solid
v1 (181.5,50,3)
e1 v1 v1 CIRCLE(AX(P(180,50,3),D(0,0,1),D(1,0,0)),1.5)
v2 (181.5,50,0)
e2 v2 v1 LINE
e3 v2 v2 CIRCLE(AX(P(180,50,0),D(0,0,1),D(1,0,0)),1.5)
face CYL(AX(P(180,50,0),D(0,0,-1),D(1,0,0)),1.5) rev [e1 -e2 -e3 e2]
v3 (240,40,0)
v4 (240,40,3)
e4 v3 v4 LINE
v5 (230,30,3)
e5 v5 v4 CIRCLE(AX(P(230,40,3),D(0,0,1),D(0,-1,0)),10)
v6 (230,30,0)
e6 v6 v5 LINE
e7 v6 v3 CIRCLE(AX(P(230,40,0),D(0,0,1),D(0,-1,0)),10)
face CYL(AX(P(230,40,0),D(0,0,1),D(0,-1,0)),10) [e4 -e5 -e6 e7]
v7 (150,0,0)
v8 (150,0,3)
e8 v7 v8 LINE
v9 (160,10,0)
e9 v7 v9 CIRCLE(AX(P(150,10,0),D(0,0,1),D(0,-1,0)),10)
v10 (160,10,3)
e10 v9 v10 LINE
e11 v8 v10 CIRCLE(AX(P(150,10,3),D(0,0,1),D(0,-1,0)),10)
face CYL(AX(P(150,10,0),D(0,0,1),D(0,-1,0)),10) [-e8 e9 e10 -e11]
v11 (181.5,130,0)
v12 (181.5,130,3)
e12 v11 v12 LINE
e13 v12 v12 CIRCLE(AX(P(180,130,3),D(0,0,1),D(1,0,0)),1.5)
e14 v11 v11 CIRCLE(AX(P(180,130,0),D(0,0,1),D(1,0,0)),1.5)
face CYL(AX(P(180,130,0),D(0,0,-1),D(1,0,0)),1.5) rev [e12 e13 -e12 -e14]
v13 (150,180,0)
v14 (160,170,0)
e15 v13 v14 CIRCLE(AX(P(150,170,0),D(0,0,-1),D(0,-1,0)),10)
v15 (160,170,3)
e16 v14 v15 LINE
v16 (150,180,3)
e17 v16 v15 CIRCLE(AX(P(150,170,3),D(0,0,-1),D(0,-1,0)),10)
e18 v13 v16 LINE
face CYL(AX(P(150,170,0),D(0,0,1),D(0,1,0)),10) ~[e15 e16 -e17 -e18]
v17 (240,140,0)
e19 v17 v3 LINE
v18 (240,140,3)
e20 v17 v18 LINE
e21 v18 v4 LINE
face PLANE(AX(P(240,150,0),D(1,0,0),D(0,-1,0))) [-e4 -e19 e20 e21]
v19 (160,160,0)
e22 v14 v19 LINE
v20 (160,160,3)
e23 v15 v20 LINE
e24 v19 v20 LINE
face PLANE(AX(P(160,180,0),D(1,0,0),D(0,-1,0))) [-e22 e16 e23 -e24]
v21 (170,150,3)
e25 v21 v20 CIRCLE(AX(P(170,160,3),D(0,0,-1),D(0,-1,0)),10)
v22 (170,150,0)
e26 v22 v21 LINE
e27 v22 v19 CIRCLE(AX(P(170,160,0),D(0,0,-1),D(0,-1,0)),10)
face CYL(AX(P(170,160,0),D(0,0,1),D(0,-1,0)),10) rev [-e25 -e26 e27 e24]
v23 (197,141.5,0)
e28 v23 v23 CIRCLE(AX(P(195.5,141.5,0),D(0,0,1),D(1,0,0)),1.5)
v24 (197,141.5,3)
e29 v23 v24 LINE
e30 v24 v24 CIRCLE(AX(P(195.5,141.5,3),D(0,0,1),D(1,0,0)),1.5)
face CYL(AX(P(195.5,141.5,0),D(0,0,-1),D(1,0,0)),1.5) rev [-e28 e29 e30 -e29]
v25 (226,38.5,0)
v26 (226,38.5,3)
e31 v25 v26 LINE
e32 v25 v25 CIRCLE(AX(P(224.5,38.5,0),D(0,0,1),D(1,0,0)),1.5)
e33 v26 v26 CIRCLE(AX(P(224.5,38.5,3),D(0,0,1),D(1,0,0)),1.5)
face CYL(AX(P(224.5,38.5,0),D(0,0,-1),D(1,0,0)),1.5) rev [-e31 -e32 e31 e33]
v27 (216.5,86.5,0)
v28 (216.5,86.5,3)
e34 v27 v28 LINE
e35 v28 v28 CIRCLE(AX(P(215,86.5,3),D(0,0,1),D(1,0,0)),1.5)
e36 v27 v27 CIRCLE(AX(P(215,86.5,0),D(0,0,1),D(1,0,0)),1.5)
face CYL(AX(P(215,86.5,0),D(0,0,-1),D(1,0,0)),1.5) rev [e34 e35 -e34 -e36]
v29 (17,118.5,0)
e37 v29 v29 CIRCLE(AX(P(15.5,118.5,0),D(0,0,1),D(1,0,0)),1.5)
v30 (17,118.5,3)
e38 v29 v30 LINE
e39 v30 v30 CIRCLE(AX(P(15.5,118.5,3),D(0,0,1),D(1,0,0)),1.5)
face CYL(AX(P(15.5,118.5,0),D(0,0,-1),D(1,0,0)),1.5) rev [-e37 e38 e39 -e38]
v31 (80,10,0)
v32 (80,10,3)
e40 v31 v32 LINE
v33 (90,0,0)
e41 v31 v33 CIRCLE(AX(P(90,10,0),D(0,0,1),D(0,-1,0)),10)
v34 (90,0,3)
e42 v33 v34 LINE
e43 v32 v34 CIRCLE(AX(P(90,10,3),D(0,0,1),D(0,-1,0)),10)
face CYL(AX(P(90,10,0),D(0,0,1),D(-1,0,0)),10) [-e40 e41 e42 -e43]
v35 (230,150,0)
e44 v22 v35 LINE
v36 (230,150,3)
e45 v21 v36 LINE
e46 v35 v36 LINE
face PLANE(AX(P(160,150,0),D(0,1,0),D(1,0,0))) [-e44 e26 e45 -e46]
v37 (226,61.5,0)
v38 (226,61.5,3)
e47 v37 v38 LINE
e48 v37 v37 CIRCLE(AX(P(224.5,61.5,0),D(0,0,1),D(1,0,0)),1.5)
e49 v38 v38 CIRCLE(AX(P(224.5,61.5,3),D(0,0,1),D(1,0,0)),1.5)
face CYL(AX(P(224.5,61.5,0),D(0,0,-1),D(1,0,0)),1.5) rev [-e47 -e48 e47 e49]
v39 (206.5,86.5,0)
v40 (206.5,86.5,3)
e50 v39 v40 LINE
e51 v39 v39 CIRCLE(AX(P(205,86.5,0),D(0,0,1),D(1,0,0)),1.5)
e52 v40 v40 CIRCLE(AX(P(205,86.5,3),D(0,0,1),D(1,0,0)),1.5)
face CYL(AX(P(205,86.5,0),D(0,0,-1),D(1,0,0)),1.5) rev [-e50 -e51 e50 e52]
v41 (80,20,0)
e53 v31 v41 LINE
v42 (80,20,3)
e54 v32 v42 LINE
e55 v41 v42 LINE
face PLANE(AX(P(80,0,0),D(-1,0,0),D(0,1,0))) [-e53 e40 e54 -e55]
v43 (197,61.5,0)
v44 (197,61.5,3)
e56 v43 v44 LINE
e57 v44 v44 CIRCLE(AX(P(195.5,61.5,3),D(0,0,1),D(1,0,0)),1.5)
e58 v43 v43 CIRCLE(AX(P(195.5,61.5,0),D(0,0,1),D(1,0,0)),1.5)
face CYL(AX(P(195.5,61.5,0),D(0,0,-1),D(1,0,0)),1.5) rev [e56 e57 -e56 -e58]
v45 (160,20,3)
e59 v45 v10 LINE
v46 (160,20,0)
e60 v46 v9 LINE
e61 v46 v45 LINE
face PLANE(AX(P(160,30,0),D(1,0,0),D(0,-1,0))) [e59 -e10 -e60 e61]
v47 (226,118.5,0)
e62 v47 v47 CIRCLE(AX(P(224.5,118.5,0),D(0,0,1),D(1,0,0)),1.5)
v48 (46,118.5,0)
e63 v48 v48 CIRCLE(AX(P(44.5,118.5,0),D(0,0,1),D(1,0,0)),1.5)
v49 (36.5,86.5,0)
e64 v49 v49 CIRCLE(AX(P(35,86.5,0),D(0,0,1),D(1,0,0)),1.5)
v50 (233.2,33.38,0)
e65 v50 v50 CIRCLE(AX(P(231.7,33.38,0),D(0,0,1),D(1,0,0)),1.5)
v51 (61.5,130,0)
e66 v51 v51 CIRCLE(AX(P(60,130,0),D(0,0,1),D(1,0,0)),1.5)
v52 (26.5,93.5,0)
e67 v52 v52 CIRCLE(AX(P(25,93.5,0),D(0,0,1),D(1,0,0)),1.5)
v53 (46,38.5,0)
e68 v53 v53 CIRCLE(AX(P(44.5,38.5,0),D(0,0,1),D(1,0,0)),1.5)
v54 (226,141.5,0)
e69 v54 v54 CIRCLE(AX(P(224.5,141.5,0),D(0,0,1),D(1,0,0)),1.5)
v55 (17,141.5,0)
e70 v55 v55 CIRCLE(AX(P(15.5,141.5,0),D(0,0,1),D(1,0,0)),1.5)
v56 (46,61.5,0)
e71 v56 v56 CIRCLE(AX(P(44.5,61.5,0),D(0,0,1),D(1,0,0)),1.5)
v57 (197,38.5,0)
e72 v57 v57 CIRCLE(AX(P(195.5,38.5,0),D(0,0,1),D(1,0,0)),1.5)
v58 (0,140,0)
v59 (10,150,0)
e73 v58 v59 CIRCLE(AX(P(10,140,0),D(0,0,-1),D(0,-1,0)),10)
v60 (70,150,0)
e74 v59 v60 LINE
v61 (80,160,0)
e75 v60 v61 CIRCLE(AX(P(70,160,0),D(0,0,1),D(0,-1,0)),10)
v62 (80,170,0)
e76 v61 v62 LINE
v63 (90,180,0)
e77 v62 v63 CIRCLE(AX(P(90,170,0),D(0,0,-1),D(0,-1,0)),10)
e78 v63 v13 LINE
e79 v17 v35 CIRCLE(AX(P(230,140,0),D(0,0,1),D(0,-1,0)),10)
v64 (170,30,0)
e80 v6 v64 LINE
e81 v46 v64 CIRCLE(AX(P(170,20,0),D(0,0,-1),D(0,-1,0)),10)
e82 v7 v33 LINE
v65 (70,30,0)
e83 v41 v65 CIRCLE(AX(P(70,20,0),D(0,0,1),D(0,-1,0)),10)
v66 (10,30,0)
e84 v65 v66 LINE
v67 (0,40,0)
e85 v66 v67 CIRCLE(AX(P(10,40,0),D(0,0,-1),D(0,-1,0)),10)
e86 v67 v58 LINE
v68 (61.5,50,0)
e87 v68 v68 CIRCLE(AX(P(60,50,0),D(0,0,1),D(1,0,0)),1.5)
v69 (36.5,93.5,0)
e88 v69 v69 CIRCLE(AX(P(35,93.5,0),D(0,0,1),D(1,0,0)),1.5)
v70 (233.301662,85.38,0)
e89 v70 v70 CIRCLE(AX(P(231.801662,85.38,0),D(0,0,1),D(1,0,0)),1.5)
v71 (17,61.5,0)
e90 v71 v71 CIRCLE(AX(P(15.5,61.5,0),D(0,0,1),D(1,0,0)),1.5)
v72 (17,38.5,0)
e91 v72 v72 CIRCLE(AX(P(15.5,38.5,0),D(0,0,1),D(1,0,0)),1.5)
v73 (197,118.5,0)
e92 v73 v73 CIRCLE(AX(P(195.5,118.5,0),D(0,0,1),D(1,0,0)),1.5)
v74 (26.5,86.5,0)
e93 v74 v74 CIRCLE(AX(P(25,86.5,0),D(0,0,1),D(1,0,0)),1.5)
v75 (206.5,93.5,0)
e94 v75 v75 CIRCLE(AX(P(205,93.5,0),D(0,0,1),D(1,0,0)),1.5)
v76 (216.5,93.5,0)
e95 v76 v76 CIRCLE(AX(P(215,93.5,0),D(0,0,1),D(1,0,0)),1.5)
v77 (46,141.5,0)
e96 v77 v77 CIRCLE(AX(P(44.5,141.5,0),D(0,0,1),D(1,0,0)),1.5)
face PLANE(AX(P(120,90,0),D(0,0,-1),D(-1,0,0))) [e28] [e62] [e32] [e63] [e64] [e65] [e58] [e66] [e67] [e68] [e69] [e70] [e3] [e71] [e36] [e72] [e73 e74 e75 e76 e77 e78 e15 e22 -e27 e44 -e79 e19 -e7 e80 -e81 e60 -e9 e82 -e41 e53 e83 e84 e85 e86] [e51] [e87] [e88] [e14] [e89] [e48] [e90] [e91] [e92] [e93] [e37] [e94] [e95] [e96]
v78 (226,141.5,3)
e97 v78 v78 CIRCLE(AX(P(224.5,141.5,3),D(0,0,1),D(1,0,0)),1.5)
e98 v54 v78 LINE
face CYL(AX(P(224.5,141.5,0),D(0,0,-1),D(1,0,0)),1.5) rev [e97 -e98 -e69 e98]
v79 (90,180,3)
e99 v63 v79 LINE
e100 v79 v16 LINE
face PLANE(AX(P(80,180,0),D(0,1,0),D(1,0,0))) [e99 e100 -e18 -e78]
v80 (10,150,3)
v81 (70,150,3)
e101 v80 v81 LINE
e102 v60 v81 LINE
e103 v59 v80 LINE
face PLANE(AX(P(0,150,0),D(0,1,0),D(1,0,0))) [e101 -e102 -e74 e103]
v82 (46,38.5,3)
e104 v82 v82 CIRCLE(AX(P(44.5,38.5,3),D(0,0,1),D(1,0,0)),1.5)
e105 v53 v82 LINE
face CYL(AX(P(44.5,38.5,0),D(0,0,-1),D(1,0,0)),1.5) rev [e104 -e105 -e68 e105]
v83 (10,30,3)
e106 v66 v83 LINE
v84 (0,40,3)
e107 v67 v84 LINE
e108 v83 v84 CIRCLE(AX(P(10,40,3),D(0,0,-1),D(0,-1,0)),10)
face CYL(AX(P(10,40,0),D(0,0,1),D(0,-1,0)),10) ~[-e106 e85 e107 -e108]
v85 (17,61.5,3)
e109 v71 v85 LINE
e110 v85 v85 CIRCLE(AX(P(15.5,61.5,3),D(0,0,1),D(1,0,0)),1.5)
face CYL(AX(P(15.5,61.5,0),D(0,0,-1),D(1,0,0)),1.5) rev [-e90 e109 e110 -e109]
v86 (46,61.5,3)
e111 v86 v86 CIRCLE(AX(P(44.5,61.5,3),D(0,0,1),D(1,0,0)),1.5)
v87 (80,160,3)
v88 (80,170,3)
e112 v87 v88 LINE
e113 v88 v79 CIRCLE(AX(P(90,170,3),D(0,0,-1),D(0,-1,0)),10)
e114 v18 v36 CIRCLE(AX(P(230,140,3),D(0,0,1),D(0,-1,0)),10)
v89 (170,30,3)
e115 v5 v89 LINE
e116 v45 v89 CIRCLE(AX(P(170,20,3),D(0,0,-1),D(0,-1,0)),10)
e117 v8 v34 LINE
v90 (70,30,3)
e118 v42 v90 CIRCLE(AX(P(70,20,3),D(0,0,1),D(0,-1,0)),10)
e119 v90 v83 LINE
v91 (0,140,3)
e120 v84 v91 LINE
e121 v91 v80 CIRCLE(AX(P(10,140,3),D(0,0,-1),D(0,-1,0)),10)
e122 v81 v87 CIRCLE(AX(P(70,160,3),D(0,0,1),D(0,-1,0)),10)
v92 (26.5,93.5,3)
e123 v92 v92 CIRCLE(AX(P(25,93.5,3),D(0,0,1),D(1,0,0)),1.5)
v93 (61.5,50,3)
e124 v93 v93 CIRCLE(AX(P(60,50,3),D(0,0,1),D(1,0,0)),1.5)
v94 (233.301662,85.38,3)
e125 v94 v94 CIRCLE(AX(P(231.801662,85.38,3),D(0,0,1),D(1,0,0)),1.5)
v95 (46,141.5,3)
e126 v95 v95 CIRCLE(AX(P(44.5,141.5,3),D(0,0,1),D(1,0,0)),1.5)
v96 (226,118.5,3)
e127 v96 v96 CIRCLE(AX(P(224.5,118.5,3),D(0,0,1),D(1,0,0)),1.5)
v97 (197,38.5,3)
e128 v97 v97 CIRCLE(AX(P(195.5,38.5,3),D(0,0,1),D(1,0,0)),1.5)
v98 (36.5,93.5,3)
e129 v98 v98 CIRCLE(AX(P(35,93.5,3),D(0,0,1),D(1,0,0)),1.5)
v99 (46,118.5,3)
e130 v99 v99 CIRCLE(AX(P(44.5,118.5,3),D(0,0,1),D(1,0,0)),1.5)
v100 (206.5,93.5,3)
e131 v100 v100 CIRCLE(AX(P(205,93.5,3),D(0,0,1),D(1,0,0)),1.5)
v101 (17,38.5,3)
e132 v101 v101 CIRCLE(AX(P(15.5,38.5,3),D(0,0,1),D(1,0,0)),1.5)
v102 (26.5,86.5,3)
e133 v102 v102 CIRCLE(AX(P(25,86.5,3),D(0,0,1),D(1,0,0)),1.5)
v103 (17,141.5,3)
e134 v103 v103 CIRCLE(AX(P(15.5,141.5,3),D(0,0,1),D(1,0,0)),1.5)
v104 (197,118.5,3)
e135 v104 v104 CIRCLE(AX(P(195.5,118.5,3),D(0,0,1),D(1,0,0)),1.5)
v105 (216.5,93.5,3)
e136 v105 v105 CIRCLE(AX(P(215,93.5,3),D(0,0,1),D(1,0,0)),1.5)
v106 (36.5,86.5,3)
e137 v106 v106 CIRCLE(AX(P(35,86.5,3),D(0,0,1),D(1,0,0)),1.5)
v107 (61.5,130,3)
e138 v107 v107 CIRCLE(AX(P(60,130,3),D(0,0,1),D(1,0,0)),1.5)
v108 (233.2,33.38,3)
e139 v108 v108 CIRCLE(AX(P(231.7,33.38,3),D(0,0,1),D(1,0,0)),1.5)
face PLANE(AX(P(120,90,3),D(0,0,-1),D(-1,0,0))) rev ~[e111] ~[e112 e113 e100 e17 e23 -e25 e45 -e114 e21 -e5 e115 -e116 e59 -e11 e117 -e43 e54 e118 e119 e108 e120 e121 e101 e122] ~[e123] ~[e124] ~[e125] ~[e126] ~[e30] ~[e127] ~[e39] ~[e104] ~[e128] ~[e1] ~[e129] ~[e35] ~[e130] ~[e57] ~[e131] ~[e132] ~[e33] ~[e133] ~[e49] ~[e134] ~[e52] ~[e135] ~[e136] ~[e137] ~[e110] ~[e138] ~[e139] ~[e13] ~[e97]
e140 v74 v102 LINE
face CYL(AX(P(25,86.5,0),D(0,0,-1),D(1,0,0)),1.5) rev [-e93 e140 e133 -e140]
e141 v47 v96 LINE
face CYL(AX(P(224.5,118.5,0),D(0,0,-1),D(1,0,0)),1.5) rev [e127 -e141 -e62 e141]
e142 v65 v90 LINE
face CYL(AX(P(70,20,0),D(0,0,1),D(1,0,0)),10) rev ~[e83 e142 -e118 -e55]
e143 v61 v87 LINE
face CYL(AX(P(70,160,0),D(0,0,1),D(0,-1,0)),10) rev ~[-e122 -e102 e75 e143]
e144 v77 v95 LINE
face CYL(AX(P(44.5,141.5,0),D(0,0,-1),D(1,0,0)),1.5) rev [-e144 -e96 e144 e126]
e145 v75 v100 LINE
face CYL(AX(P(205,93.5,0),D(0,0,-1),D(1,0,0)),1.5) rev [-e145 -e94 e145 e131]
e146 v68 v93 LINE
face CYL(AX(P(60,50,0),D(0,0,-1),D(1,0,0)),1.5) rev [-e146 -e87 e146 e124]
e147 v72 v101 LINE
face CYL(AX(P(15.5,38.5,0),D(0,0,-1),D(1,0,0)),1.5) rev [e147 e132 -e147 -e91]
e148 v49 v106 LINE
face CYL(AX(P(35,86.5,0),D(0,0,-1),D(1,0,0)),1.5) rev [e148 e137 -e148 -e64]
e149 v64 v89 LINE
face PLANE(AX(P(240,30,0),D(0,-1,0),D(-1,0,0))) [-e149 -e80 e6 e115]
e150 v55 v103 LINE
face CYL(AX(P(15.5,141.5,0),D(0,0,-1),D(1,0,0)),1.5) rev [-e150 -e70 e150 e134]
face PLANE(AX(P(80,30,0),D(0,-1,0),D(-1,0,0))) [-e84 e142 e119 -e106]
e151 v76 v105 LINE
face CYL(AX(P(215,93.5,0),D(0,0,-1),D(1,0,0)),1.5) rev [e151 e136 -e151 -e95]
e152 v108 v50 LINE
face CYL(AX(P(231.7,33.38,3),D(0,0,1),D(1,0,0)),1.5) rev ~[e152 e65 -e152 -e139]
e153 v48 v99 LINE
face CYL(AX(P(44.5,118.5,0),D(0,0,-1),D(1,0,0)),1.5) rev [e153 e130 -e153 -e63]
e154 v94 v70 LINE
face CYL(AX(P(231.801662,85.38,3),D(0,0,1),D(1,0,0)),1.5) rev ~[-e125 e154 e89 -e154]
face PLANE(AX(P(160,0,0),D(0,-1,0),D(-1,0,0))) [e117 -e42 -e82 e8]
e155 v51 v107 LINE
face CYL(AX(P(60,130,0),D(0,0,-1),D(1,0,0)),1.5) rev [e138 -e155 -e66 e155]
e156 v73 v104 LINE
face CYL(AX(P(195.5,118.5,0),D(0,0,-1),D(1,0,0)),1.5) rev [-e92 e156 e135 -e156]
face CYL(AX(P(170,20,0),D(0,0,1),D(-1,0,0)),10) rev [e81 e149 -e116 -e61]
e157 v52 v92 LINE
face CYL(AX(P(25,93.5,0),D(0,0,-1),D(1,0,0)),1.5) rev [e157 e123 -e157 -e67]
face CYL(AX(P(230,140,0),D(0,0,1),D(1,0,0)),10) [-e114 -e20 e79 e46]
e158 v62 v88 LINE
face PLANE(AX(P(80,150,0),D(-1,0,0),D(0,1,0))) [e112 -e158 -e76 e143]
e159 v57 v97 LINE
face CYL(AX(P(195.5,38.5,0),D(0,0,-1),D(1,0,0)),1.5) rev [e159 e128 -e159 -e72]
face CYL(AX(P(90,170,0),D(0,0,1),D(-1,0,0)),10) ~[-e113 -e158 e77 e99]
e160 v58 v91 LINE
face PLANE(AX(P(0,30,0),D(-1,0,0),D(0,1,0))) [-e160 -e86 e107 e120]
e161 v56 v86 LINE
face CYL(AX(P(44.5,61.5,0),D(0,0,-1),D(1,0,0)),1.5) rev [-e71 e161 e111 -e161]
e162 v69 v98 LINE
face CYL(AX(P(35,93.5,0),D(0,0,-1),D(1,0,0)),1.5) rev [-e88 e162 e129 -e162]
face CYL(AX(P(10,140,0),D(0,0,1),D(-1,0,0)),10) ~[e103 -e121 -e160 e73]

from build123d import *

# Parameters (mm, degrees)
SKETCH_1_R          = 1.5
EXTRUDE_1_DEPTH     = 3
FILLET_1_R          = 10
SKETCH_2_R          = 1.5
CUT_EXTRUDE_1_DEPTH = 10


with BuildPart() as part:
    # 草圖1 → 填料-伸長1 (new body)
    with BuildSketch(Plane.XY):
        Polygon((80, 0), (80, 30), (0, 30), (0, 150), (80, 150), (80, 180), (160, 180), (160, 150), (240, 150), (240, 30), (160, 30), (160, 0), align=None)
        with Locations((15.5, 61.5)):
            Circle(SKETCH_1_R, mode=Mode.SUBTRACT)
        with Locations((44.5, 61.5)):
            Circle(SKETCH_1_R, mode=Mode.SUBTRACT)
        with Locations((44.5, 38.5)):
            Circle(SKETCH_1_R, mode=Mode.SUBTRACT)
        with Locations((15.5, 38.5)):
            Circle(SKETCH_1_R, mode=Mode.SUBTRACT)
        with Locations((44.5, 141.5)):
            Circle(SKETCH_1_R, mode=Mode.SUBTRACT)
        with Locations((15.5, 141.5)):
            Circle(SKETCH_1_R, mode=Mode.SUBTRACT)
        with Locations((15.5, 118.5)):
            Circle(SKETCH_1_R, mode=Mode.SUBTRACT)
        with Locations((44.5, 118.5)):
            Circle(SKETCH_1_R, mode=Mode.SUBTRACT)
        with Locations((35, 86.5)):
            Circle(SKETCH_1_R, mode=Mode.SUBTRACT)
        with Locations((25, 86.5)):
            Circle(SKETCH_1_R, mode=Mode.SUBTRACT)
        with Locations((60, 50)):
            Circle(SKETCH_1_R, mode=Mode.SUBTRACT)
        with Locations((25, 93.5)):
            Circle(SKETCH_1_R, mode=Mode.SUBTRACT)
        with Locations((35, 93.5)):
            Circle(SKETCH_1_R, mode=Mode.SUBTRACT)
        with Locations((60, 130)):
            Circle(SKETCH_1_R, mode=Mode.SUBTRACT)
        with Locations((180, 130)):
            Circle(SKETCH_1_R, mode=Mode.SUBTRACT)
        with Locations((205, 93.5)):
            Circle(SKETCH_1_R, mode=Mode.SUBTRACT)
        with Locations((215, 93.5)):
            Circle(SKETCH_1_R, mode=Mode.SUBTRACT)
        with Locations((180, 50)):
            Circle(SKETCH_1_R, mode=Mode.SUBTRACT)
        with Locations((215, 86.5)):
            Circle(SKETCH_1_R, mode=Mode.SUBTRACT)
        with Locations((205, 86.5)):
            Circle(SKETCH_1_R, mode=Mode.SUBTRACT)
        with Locations((195.5, 118.5)):
            Circle(SKETCH_1_R, mode=Mode.SUBTRACT)
        with Locations((224.5, 118.5)):
            Circle(SKETCH_1_R, mode=Mode.SUBTRACT)
        with Locations((224.5, 141.5)):
            Circle(SKETCH_1_R, mode=Mode.SUBTRACT)
        with Locations((195.5, 141.5)):
            Circle(SKETCH_1_R, mode=Mode.SUBTRACT)
        with Locations((224.5, 38.5)):
            Circle(SKETCH_1_R, mode=Mode.SUBTRACT)
        with Locations((195.5, 38.5)):
            Circle(SKETCH_1_R, mode=Mode.SUBTRACT)
        with Locations((195.5, 61.5)):
            Circle(SKETCH_1_R, mode=Mode.SUBTRACT)
        with Locations((224.5, 61.5)):
            Circle(SKETCH_1_R, mode=Mode.SUBTRACT)
    extrude(amount=EXTRUDE_1_DEPTH)

    # 圓角1
    fillet_1_edges = [part.edges().sort_by_distance(p)[0] for p in [
        (80, 0, 1.5),
        (80, 30, 1.5),
        (0, 30, 1.5),
        (0, 150, 1.5),
        (80, 150, 1.5),
        (80, 180, 1.5),
        (160, 180, 1.5),
        (160, 150, 1.5),
        (240, 150, 1.5),
        (240, 30, 1.5),
        (160, 30, 1.5),
        (160, 0, 1.5),
    ]]
    fillet(fillet_1_edges, radius=FILLET_1_R)

    # 草圖2 → 除料-伸長1 (cut)
    with BuildSketch(Plane.XY.offset(3)):
        with Locations((231.801662433, 85.38)):
            Circle(SKETCH_2_R)
        with Locations((231.7, 33.38)):
            Circle(SKETCH_2_R)
    extrude(amount=-CUT_EXTRUDE_1_DEPTH, mode=Mode.SUBTRACT)


solid = part.part
